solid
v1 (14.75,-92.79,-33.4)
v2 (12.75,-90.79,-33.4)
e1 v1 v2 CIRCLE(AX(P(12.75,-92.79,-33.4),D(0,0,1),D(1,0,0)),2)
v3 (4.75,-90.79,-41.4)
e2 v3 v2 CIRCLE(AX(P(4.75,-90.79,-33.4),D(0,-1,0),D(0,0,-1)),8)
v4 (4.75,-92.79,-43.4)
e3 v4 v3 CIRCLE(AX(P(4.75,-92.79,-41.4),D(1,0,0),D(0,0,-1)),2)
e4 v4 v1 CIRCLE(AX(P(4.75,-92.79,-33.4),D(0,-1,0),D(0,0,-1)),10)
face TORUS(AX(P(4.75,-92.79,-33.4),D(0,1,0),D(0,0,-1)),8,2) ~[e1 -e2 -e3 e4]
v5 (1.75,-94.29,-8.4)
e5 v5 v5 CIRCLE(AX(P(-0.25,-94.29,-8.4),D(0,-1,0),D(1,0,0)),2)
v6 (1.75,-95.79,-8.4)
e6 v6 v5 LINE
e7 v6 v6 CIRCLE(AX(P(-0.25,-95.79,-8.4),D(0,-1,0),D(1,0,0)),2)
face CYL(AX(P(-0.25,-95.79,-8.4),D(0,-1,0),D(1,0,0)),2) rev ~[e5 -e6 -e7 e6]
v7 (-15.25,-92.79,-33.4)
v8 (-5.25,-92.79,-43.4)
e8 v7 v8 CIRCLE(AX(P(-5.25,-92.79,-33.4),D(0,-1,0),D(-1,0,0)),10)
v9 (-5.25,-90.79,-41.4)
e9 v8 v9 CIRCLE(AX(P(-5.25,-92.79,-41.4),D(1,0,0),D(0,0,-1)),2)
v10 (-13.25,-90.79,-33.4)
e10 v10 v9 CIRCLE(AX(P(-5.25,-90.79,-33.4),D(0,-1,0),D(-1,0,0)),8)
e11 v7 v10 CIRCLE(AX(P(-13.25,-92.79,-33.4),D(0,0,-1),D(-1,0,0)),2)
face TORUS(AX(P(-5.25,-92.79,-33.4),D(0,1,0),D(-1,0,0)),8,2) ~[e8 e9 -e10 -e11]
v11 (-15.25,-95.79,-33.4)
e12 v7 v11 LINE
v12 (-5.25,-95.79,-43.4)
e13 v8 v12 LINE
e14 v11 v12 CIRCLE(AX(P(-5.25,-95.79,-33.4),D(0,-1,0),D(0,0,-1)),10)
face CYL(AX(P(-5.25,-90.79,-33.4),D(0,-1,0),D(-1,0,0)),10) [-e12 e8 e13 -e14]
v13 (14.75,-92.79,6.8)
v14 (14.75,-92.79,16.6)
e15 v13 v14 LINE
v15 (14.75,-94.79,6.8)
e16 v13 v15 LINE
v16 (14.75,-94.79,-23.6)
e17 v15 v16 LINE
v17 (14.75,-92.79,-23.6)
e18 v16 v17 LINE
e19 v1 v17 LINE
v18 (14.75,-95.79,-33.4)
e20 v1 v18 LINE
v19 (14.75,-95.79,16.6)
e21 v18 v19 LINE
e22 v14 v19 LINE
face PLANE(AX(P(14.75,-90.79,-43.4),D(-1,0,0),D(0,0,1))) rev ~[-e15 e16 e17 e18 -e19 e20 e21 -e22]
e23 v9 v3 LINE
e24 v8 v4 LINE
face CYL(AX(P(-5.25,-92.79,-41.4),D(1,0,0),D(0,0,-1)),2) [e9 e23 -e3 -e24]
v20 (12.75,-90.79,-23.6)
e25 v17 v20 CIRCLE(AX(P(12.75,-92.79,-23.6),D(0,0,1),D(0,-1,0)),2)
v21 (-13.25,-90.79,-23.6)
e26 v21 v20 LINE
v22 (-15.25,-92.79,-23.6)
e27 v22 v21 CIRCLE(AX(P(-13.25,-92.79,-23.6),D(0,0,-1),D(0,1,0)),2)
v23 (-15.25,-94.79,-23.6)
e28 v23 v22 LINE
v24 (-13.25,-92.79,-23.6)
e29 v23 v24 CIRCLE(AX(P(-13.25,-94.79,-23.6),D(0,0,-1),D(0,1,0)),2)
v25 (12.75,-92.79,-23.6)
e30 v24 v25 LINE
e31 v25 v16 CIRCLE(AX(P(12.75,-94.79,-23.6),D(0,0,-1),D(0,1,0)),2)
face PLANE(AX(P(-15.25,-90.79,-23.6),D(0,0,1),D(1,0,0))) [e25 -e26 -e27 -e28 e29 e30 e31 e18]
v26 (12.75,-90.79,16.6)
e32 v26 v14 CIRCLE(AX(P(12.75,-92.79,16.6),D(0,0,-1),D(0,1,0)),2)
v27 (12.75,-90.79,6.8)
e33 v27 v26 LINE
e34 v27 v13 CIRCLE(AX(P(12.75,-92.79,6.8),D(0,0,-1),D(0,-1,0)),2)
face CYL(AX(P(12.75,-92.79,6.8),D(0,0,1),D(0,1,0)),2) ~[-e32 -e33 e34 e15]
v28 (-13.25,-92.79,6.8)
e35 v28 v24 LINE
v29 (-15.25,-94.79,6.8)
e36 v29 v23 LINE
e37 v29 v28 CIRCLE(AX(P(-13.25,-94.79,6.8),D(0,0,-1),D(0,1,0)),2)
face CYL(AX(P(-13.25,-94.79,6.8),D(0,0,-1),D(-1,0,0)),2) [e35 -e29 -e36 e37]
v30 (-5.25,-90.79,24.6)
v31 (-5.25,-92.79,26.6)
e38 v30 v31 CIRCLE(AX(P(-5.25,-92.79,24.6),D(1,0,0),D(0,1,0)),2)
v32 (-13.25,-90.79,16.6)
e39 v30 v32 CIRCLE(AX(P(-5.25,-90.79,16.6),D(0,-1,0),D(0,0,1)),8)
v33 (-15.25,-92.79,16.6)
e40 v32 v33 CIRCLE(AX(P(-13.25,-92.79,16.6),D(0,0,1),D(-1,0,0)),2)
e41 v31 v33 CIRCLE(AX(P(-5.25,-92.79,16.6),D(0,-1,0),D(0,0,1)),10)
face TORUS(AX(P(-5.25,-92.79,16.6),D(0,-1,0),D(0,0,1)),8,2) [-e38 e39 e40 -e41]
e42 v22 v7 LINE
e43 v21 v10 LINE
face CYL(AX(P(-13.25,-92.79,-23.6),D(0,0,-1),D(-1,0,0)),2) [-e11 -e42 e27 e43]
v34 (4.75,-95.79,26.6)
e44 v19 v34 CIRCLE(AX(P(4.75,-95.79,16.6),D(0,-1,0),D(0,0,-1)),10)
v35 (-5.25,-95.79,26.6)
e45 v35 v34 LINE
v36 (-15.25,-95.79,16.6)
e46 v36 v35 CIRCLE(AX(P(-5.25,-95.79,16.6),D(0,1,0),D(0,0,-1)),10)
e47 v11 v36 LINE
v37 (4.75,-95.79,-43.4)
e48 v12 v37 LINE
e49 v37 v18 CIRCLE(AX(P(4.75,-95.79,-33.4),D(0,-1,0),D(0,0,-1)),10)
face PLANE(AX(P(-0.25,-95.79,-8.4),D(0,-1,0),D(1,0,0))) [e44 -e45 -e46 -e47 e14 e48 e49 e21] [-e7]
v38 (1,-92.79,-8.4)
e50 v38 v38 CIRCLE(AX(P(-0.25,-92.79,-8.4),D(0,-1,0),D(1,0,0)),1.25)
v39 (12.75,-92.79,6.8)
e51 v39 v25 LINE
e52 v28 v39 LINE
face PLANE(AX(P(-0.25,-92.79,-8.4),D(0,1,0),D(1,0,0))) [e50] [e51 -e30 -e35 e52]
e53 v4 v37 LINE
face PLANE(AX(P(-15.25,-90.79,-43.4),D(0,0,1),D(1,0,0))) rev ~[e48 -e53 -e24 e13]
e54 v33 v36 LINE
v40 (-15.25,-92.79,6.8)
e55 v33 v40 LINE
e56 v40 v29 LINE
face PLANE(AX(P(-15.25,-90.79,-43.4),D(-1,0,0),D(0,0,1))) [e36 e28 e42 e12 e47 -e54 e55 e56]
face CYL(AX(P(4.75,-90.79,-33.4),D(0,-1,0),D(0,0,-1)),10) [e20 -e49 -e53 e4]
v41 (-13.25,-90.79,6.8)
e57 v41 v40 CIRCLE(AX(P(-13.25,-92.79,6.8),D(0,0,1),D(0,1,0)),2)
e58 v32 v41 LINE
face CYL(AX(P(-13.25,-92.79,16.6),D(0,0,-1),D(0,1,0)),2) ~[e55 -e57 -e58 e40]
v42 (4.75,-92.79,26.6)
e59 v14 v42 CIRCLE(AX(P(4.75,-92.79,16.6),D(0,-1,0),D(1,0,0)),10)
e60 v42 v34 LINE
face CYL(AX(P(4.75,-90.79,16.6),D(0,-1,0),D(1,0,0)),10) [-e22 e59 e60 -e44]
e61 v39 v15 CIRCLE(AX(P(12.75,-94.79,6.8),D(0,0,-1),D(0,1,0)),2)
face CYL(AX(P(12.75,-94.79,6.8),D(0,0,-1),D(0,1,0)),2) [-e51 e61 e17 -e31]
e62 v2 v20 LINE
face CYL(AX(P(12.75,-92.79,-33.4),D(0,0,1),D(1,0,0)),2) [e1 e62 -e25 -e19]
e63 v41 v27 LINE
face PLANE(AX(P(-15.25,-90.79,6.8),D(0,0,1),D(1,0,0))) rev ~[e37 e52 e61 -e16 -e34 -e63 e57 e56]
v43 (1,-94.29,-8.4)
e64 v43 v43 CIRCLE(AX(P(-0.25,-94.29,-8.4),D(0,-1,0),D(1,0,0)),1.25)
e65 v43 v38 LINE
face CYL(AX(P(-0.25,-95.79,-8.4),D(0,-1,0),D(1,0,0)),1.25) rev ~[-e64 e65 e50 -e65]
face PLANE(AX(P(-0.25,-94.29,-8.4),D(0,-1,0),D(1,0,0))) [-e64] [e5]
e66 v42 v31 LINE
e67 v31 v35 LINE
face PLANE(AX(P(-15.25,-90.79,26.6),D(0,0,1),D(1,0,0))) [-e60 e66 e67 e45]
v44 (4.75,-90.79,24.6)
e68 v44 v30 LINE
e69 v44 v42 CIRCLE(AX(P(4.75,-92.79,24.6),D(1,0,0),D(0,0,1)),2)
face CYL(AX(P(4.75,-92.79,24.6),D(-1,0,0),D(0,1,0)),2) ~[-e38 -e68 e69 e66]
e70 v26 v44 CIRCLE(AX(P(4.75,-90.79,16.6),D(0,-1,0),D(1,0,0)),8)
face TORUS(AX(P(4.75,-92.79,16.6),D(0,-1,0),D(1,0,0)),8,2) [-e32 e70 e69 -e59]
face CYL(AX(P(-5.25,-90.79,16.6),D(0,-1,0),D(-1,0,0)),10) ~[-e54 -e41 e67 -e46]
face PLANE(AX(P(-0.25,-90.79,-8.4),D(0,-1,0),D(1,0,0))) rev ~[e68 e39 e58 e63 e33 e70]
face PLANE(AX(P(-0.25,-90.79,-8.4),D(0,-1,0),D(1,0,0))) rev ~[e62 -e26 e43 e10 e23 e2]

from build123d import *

# Parameters (mm, degrees)
SKETCH016_W     = 30
SKETCH016_H     = 70
PAD006_DEPTH    = 5
FILLET007_R     = 10
SKETCH017_W     = 30
SKETCH017_H     = 30.4
POCKET018_DEPTH = 2
FILLET008_R     = 2
FILLET009_R     = 2
SKETCH018_R     = 1.25
POCKET019_DEPTH = 9
SKETCH019_R     = 2
POCKET020_DEPTH = 1.5


with BuildPart() as part:
    # Sketch016 → Pad006 (new body)
    with BuildSketch(Plane.XZ):
        Rectangle(SKETCH016_W, SKETCH016_H)
    extrude(amount=PAD006_DEPTH)

    # Fillet007
    fillet007_edges = [part.edges().sort_by_distance(p)[0] for p in [
        (15, -2.5, -35),
        (-15, -2.5, -35),
        (15, -2.5, 35),
        (-15, -2.5, 35),
    ]]
    fillet(fillet007_edges, radius=FILLET007_R)

    # Sketch017 (on Face2 of Fillet007) → Pocket018 (cut)
    with BuildSketch(Plane(origin=(0, 0, 0), x_dir=(1, 0, 0), z_dir=(0, 1, 0))):
        Rectangle(SKETCH017_W, SKETCH017_H)
    extrude(amount=-POCKET018_DEPTH, mode=Mode.SUBTRACT)

    # Fillet008
    fillet008_edges = [part.edges().sort_by_distance(p)[0] for p in [
        (15, -2, 0),
        (-15, -2, 0),
    ]]
    fillet(fillet008_edges, radius=FILLET008_R)

    # Fillet009
    fillet009_edges = [part.edges().sort_by_distance(p)[0] for p in [
        (15, 0, -20.1),
        (15, 0, 20.1),
    ]]
    fillet(fillet009_edges, radius=FILLET009_R)

    # Sketch018 (on Face4 of Fillet009) → Pocket019 (cut)
    with BuildSketch(Plane.XZ.offset(5)):
        Circle(SKETCH018_R)
    extrude(amount=-POCKET019_DEPTH, mode=Mode.SUBTRACT)

    # Sketch019 (on Face4 of Pocket019) → Pocket020 (cut)
    with BuildSketch(Plane.XZ.offset(5)):
        Circle(SKETCH019_R)
    extrude(amount=-POCKET020_DEPTH, mode=Mode.SUBTRACT)


with BuildPart() as part_1:
    # Body003 placement: moved
    add(part.part.moved(Location((-0.25, -90.79, -8.4))))


solid = part_1.part
